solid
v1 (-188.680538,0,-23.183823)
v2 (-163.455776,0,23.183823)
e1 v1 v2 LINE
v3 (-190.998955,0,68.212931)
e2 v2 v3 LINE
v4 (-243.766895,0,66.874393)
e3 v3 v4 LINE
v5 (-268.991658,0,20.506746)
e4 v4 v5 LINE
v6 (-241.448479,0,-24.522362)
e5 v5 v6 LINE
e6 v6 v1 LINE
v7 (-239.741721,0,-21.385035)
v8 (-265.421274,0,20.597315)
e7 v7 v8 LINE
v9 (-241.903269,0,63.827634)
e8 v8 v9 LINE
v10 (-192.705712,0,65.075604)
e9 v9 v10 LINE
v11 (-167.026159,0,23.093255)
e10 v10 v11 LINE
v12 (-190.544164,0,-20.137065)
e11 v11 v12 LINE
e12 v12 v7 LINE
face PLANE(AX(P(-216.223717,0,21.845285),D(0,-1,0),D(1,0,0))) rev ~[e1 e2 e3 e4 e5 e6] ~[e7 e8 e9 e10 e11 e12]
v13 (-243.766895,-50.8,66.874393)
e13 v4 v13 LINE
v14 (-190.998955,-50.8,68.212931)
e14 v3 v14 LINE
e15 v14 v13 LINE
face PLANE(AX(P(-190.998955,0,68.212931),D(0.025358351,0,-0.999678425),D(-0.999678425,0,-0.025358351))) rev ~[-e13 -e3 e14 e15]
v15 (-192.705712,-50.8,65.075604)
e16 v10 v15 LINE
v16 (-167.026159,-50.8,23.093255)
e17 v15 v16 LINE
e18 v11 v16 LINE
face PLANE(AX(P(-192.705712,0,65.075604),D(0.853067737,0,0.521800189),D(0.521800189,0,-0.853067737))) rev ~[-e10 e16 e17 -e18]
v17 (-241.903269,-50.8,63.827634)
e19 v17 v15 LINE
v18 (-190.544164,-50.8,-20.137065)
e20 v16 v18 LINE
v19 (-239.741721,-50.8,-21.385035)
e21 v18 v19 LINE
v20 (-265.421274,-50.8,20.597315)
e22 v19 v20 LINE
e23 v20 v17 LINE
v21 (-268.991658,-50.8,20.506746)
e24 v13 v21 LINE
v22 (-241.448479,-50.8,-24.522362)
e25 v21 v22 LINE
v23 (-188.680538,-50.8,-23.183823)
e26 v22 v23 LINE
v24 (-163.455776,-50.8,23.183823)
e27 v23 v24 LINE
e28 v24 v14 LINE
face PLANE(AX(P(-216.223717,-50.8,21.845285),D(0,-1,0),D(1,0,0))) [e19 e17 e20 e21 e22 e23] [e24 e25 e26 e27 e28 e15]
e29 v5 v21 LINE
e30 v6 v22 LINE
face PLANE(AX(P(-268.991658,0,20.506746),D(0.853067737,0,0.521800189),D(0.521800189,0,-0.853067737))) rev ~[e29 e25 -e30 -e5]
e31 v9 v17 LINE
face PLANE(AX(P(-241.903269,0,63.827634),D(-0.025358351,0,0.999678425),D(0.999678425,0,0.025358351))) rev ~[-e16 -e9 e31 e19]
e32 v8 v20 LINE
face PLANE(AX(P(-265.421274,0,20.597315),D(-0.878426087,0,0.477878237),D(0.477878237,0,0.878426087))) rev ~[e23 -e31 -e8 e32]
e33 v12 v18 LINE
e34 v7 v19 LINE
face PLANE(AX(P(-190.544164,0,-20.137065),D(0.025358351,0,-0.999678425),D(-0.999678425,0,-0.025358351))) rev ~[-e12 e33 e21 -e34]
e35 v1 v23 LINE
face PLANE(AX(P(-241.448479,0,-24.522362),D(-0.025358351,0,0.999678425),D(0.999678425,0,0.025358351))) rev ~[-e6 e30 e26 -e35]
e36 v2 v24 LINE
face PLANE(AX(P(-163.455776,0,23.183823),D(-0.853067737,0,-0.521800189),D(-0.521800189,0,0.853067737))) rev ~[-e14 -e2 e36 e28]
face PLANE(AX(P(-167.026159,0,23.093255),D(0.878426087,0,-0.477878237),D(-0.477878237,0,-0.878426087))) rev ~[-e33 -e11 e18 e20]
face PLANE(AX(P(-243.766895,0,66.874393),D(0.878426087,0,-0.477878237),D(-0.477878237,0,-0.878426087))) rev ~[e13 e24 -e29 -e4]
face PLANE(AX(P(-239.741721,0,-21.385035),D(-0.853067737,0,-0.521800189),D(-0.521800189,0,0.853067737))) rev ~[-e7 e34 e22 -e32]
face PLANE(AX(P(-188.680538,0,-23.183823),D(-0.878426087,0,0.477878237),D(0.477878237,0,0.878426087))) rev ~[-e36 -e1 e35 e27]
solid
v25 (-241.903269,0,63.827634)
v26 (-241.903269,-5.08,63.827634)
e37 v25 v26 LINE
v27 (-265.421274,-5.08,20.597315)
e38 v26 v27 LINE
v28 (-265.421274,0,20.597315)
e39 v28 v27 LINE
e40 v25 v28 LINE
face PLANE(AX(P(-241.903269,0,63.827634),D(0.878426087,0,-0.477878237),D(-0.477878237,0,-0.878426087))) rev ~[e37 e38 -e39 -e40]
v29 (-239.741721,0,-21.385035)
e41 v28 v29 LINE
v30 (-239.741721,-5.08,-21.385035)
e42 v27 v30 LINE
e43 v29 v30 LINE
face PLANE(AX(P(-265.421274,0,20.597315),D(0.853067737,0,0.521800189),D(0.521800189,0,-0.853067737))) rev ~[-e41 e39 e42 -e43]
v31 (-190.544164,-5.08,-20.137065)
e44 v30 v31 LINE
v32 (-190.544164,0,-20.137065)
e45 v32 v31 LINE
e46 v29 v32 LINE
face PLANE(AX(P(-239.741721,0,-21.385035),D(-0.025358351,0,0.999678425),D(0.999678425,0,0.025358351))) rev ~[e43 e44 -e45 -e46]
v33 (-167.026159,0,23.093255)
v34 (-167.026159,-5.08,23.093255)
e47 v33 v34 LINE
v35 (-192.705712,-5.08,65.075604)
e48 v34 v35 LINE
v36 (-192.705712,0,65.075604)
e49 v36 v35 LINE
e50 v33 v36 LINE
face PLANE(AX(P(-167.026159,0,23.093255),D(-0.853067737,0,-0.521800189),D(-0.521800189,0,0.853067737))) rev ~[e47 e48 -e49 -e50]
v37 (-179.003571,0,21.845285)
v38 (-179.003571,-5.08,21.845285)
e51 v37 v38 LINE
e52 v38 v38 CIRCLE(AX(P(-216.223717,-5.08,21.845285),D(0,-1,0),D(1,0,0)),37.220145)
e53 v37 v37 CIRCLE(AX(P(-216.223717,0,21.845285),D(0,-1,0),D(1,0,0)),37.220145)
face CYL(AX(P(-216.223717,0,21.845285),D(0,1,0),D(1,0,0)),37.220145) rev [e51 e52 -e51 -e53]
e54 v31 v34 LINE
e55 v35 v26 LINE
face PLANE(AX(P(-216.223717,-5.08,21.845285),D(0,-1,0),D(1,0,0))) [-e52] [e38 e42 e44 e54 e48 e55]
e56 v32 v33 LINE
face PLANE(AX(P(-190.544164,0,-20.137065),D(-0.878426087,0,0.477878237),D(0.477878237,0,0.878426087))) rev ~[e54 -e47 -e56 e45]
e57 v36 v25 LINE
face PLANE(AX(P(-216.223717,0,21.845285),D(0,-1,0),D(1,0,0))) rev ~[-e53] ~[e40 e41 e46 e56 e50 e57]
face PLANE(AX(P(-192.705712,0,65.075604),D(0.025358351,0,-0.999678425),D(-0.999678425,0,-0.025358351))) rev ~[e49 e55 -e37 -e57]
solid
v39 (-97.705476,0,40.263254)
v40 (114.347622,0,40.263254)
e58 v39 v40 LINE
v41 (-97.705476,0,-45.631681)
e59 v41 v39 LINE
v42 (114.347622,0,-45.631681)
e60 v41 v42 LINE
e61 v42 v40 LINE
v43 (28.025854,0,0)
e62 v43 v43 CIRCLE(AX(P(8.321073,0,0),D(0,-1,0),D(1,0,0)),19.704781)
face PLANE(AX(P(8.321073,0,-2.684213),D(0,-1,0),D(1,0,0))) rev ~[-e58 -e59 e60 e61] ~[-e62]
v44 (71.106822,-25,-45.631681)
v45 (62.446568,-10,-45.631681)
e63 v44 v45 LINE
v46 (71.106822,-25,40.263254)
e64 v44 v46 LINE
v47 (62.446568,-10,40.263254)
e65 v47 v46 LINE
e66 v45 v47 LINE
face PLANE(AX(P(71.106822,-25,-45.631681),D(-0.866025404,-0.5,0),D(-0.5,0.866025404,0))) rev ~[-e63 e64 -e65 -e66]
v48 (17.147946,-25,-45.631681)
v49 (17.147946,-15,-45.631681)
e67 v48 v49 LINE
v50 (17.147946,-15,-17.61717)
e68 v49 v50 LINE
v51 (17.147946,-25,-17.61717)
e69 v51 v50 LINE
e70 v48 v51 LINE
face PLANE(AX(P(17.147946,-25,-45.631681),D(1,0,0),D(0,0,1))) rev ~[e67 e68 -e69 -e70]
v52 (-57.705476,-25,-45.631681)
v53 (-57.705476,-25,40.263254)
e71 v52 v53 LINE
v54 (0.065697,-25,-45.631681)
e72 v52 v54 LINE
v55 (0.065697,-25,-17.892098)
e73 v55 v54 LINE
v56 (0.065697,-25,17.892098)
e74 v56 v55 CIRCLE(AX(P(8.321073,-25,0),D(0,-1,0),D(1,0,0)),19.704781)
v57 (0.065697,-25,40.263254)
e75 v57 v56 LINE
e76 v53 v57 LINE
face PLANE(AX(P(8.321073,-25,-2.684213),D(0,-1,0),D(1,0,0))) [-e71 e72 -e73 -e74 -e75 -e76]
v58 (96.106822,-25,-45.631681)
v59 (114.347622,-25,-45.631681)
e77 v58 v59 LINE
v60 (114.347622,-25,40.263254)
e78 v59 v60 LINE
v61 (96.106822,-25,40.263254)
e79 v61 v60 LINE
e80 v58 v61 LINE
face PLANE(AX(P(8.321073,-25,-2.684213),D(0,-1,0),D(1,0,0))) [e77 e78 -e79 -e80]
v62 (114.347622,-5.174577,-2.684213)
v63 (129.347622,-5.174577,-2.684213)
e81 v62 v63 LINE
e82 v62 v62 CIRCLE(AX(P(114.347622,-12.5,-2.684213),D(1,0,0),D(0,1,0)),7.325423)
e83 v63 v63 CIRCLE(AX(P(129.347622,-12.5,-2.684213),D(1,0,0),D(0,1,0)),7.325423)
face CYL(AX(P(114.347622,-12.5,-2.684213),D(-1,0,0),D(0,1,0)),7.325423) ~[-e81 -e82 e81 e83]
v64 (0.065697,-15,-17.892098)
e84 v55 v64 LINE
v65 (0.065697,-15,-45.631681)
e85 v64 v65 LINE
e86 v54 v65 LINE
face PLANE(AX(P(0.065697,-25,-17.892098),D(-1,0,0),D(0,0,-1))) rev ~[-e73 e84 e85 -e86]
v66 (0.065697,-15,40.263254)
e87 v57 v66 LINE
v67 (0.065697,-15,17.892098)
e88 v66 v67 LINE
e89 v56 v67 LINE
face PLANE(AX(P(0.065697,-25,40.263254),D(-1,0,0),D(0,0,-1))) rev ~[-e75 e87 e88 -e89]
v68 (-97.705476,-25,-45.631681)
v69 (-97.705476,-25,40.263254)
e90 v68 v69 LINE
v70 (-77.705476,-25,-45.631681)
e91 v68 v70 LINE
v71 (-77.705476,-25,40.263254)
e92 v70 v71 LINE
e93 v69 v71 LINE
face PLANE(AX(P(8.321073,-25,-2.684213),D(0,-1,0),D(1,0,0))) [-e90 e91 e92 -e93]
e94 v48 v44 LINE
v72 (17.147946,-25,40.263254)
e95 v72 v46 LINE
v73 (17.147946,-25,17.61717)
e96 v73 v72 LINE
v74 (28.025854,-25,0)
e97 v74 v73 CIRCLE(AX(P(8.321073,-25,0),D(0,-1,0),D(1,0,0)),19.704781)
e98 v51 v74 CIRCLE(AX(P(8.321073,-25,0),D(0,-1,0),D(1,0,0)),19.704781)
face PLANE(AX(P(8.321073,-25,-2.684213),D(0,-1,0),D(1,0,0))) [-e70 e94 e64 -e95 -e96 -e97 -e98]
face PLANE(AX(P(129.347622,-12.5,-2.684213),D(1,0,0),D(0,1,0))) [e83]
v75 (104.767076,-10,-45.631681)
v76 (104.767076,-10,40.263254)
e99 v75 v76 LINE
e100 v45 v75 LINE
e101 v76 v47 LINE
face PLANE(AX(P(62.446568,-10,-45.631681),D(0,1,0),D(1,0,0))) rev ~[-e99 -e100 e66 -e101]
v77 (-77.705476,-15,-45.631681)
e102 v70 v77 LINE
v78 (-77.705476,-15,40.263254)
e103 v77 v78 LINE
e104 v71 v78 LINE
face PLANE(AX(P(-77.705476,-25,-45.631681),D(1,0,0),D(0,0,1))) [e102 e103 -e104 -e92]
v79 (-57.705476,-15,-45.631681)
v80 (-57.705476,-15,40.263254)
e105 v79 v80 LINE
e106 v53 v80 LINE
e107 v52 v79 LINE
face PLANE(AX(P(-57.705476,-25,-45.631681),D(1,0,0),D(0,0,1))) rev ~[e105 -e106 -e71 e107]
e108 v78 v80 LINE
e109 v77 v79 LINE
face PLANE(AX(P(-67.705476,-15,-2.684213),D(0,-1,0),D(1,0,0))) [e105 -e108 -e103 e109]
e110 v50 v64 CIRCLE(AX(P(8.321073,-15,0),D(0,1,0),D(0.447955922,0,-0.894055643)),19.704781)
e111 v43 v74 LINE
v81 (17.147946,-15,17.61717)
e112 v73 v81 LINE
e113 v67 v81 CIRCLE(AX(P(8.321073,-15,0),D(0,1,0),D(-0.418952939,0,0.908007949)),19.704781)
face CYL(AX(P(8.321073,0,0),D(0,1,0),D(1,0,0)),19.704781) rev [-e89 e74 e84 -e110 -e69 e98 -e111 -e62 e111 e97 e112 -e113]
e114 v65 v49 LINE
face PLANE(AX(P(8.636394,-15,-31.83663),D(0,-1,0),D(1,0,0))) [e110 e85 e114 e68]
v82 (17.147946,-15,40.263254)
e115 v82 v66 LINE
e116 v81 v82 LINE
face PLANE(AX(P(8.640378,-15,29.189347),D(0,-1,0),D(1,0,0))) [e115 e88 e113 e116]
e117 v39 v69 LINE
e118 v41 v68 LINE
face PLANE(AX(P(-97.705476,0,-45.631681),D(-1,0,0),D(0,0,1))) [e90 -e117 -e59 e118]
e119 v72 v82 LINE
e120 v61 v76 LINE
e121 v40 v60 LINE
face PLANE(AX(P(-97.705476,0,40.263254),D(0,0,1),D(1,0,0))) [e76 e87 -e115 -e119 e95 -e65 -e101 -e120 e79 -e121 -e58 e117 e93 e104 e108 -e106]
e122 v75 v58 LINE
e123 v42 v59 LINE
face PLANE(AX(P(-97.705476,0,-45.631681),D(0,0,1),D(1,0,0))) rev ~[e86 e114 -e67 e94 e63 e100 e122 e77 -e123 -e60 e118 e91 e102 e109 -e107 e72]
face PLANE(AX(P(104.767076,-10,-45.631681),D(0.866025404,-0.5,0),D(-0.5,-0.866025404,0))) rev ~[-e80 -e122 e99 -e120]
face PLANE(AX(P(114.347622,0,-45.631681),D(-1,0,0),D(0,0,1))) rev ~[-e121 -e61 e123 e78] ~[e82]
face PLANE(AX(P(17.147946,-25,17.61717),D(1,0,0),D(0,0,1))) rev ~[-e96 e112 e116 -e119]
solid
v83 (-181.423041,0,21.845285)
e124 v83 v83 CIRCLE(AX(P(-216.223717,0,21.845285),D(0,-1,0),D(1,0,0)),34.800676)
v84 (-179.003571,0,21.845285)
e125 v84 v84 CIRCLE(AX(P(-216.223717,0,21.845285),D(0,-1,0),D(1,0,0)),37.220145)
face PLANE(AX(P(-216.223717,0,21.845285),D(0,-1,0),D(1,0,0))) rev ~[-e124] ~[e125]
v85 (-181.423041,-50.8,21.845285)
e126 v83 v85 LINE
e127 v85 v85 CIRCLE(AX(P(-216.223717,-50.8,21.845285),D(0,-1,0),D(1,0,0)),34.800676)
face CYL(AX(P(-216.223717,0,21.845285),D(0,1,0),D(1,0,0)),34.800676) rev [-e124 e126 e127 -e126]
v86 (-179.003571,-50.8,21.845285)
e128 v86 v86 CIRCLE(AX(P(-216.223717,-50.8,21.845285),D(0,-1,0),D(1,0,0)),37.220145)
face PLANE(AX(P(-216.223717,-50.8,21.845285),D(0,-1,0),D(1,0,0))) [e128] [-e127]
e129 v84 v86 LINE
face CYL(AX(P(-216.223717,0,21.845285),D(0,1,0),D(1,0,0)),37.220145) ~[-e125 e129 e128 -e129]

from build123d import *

# Parameters (mm, degrees)
F1_DEPTH  = 50.8
F0_R      = 37.2201453229
F0_R_2    = 34.8006762107
F2_DEPTH  = 50.8
F3_DEPTH  = 5.08
F4_W      = 212.0530977845
F4_H      = 85.894934833
F4_R      = 19.7047808414
F5_DEPTH  = 25
F6_W      = 20
F6_H      = 85.894934833
F7_DEPTH  = 10
F9_DEPTH  = 113.8456119818
F10_R     = 7.3254233904
F11_DEPTH = 15


with BuildPart() as f1:
    # F0 (on Front) → F1 (new body)
    with BuildSketch(Plane.XZ):
        Polygon((-188.680538046, -23.1838232474), (-163.4557758693, 23.1838232474), (-190.9989545592, 68.2129313442), (-243.7668954257, 66.8743929462), (-268.9916576024, 20.5067464514), (-241.4484789125, -24.5223616454), align=None)
        Polygon((-192.705711989, 65.075604435), (-167.0261593876, 23.0932550851), (-190.5441641345, -20.1370645005), (-239.7417214827, -21.3850347361), (-265.4212740841, 20.5973146137), (-241.9032693372, 63.8276341993), align=None, mode=Mode.SUBTRACT)
    extrude(amount=F1_DEPTH)


with BuildPart() as f2:
    # F0 (on Front) → F2 (new body)
    with BuildSketch(Plane.XZ):
        with Locations((-216.2237167358, 21.8452848494)):
            Circle(F0_R)
        with Locations((-216.2237167358, 21.8452848494)):
            Circle(F0_R_2, mode=Mode.SUBTRACT)
    extrude(amount=F2_DEPTH)


with BuildPart() as f3:
    # F0 (on Front) → F3 (new body)
    with BuildSketch(Plane.XZ):
        Polygon((-190.5441641345, -20.1370645005), (-167.0261593876, 23.0932550851), (-192.705711989, 65.075604435), (-241.9032693372, 63.8276341993), (-265.4212740841, 20.5973146137), (-239.7417214827, -21.3850347361), align=None)
        with Locations((-216.2237167358, 21.8452848494)):
            Circle(F0_R, mode=Mode.SUBTRACT)
    extrude(amount=F3_DEPTH)


with BuildPart() as f5:
    # F4 (on Front) → F5 (new body)
    with BuildSketch(Plane.XZ):
        with Locations((8.3210729063, -2.6842132211)):
            Rectangle(F4_W, F4_H)
        with Locations((8.3210729063, 0)):
            Circle(F4_R, mode=Mode.SUBTRACT)
    extrude(amount=F5_DEPTH)

    # F6 (on face) → F7 (cut)
    with BuildSketch(Plane.XZ.offset(25)):
        with Locations((-67.705475986, -2.6842132211)):
            Rectangle(F6_W, F6_H)
        with BuildLine():
            Line((0.065697066, -17.892097634), (0.065697066, -45.6316806376))
            Line((0.065697066, -45.6316806376), (17.1479461715, -45.6316806376))
            Line((17.1479461715, -45.6316806376), (17.1479461715, -17.6171704984))
            ThreePointArc((17.1479461715, -17.6171704984), (8.6381668342, -19.7022293015), (0.065697066, -17.892097634))
        make_face()
        with BuildLine():
            Line((17.1479461715, 40.2632541955), (0.065697066, 40.2632541955))
            Line((0.065697066, 40.2632541955), (0.065697066, 17.892097634))
            ThreePointArc((0.065697066, 17.892097634), (8.6381668342, 19.7022293015), (17.1479461715, 17.6171704984))
            Line((17.1479461715, 17.6171704984), (17.1479461715, 40.2632541955))
        make_face()
    extrude(amount=-F7_DEPTH, mode=Mode.SUBTRACT)

    # F8 (on face) → F9 (cut, through all)
    with BuildSketch(Plane(origin=(0, 0, -45.6316806376), x_dir=(1, 0, 0), z_dir=(0, 0, -1))):
        Polygon((96.1068216187, 25), (71.1068216187, 25), (62.4465675809, 10), (104.7670756566, 10), align=None)
    extrude(amount=-F9_DEPTH, mode=Mode.SUBTRACT)

    # F10 (on face) → F11 (join)
    with BuildSketch(Plane.YZ.offset(114.3476217985)):
        with Locations((-12.5, -2.6842132211)):
            Circle(F10_R)
    extrude(amount=F11_DEPTH)


solid = Compound([f1.part, f2.part, f3.part, f5.part])
